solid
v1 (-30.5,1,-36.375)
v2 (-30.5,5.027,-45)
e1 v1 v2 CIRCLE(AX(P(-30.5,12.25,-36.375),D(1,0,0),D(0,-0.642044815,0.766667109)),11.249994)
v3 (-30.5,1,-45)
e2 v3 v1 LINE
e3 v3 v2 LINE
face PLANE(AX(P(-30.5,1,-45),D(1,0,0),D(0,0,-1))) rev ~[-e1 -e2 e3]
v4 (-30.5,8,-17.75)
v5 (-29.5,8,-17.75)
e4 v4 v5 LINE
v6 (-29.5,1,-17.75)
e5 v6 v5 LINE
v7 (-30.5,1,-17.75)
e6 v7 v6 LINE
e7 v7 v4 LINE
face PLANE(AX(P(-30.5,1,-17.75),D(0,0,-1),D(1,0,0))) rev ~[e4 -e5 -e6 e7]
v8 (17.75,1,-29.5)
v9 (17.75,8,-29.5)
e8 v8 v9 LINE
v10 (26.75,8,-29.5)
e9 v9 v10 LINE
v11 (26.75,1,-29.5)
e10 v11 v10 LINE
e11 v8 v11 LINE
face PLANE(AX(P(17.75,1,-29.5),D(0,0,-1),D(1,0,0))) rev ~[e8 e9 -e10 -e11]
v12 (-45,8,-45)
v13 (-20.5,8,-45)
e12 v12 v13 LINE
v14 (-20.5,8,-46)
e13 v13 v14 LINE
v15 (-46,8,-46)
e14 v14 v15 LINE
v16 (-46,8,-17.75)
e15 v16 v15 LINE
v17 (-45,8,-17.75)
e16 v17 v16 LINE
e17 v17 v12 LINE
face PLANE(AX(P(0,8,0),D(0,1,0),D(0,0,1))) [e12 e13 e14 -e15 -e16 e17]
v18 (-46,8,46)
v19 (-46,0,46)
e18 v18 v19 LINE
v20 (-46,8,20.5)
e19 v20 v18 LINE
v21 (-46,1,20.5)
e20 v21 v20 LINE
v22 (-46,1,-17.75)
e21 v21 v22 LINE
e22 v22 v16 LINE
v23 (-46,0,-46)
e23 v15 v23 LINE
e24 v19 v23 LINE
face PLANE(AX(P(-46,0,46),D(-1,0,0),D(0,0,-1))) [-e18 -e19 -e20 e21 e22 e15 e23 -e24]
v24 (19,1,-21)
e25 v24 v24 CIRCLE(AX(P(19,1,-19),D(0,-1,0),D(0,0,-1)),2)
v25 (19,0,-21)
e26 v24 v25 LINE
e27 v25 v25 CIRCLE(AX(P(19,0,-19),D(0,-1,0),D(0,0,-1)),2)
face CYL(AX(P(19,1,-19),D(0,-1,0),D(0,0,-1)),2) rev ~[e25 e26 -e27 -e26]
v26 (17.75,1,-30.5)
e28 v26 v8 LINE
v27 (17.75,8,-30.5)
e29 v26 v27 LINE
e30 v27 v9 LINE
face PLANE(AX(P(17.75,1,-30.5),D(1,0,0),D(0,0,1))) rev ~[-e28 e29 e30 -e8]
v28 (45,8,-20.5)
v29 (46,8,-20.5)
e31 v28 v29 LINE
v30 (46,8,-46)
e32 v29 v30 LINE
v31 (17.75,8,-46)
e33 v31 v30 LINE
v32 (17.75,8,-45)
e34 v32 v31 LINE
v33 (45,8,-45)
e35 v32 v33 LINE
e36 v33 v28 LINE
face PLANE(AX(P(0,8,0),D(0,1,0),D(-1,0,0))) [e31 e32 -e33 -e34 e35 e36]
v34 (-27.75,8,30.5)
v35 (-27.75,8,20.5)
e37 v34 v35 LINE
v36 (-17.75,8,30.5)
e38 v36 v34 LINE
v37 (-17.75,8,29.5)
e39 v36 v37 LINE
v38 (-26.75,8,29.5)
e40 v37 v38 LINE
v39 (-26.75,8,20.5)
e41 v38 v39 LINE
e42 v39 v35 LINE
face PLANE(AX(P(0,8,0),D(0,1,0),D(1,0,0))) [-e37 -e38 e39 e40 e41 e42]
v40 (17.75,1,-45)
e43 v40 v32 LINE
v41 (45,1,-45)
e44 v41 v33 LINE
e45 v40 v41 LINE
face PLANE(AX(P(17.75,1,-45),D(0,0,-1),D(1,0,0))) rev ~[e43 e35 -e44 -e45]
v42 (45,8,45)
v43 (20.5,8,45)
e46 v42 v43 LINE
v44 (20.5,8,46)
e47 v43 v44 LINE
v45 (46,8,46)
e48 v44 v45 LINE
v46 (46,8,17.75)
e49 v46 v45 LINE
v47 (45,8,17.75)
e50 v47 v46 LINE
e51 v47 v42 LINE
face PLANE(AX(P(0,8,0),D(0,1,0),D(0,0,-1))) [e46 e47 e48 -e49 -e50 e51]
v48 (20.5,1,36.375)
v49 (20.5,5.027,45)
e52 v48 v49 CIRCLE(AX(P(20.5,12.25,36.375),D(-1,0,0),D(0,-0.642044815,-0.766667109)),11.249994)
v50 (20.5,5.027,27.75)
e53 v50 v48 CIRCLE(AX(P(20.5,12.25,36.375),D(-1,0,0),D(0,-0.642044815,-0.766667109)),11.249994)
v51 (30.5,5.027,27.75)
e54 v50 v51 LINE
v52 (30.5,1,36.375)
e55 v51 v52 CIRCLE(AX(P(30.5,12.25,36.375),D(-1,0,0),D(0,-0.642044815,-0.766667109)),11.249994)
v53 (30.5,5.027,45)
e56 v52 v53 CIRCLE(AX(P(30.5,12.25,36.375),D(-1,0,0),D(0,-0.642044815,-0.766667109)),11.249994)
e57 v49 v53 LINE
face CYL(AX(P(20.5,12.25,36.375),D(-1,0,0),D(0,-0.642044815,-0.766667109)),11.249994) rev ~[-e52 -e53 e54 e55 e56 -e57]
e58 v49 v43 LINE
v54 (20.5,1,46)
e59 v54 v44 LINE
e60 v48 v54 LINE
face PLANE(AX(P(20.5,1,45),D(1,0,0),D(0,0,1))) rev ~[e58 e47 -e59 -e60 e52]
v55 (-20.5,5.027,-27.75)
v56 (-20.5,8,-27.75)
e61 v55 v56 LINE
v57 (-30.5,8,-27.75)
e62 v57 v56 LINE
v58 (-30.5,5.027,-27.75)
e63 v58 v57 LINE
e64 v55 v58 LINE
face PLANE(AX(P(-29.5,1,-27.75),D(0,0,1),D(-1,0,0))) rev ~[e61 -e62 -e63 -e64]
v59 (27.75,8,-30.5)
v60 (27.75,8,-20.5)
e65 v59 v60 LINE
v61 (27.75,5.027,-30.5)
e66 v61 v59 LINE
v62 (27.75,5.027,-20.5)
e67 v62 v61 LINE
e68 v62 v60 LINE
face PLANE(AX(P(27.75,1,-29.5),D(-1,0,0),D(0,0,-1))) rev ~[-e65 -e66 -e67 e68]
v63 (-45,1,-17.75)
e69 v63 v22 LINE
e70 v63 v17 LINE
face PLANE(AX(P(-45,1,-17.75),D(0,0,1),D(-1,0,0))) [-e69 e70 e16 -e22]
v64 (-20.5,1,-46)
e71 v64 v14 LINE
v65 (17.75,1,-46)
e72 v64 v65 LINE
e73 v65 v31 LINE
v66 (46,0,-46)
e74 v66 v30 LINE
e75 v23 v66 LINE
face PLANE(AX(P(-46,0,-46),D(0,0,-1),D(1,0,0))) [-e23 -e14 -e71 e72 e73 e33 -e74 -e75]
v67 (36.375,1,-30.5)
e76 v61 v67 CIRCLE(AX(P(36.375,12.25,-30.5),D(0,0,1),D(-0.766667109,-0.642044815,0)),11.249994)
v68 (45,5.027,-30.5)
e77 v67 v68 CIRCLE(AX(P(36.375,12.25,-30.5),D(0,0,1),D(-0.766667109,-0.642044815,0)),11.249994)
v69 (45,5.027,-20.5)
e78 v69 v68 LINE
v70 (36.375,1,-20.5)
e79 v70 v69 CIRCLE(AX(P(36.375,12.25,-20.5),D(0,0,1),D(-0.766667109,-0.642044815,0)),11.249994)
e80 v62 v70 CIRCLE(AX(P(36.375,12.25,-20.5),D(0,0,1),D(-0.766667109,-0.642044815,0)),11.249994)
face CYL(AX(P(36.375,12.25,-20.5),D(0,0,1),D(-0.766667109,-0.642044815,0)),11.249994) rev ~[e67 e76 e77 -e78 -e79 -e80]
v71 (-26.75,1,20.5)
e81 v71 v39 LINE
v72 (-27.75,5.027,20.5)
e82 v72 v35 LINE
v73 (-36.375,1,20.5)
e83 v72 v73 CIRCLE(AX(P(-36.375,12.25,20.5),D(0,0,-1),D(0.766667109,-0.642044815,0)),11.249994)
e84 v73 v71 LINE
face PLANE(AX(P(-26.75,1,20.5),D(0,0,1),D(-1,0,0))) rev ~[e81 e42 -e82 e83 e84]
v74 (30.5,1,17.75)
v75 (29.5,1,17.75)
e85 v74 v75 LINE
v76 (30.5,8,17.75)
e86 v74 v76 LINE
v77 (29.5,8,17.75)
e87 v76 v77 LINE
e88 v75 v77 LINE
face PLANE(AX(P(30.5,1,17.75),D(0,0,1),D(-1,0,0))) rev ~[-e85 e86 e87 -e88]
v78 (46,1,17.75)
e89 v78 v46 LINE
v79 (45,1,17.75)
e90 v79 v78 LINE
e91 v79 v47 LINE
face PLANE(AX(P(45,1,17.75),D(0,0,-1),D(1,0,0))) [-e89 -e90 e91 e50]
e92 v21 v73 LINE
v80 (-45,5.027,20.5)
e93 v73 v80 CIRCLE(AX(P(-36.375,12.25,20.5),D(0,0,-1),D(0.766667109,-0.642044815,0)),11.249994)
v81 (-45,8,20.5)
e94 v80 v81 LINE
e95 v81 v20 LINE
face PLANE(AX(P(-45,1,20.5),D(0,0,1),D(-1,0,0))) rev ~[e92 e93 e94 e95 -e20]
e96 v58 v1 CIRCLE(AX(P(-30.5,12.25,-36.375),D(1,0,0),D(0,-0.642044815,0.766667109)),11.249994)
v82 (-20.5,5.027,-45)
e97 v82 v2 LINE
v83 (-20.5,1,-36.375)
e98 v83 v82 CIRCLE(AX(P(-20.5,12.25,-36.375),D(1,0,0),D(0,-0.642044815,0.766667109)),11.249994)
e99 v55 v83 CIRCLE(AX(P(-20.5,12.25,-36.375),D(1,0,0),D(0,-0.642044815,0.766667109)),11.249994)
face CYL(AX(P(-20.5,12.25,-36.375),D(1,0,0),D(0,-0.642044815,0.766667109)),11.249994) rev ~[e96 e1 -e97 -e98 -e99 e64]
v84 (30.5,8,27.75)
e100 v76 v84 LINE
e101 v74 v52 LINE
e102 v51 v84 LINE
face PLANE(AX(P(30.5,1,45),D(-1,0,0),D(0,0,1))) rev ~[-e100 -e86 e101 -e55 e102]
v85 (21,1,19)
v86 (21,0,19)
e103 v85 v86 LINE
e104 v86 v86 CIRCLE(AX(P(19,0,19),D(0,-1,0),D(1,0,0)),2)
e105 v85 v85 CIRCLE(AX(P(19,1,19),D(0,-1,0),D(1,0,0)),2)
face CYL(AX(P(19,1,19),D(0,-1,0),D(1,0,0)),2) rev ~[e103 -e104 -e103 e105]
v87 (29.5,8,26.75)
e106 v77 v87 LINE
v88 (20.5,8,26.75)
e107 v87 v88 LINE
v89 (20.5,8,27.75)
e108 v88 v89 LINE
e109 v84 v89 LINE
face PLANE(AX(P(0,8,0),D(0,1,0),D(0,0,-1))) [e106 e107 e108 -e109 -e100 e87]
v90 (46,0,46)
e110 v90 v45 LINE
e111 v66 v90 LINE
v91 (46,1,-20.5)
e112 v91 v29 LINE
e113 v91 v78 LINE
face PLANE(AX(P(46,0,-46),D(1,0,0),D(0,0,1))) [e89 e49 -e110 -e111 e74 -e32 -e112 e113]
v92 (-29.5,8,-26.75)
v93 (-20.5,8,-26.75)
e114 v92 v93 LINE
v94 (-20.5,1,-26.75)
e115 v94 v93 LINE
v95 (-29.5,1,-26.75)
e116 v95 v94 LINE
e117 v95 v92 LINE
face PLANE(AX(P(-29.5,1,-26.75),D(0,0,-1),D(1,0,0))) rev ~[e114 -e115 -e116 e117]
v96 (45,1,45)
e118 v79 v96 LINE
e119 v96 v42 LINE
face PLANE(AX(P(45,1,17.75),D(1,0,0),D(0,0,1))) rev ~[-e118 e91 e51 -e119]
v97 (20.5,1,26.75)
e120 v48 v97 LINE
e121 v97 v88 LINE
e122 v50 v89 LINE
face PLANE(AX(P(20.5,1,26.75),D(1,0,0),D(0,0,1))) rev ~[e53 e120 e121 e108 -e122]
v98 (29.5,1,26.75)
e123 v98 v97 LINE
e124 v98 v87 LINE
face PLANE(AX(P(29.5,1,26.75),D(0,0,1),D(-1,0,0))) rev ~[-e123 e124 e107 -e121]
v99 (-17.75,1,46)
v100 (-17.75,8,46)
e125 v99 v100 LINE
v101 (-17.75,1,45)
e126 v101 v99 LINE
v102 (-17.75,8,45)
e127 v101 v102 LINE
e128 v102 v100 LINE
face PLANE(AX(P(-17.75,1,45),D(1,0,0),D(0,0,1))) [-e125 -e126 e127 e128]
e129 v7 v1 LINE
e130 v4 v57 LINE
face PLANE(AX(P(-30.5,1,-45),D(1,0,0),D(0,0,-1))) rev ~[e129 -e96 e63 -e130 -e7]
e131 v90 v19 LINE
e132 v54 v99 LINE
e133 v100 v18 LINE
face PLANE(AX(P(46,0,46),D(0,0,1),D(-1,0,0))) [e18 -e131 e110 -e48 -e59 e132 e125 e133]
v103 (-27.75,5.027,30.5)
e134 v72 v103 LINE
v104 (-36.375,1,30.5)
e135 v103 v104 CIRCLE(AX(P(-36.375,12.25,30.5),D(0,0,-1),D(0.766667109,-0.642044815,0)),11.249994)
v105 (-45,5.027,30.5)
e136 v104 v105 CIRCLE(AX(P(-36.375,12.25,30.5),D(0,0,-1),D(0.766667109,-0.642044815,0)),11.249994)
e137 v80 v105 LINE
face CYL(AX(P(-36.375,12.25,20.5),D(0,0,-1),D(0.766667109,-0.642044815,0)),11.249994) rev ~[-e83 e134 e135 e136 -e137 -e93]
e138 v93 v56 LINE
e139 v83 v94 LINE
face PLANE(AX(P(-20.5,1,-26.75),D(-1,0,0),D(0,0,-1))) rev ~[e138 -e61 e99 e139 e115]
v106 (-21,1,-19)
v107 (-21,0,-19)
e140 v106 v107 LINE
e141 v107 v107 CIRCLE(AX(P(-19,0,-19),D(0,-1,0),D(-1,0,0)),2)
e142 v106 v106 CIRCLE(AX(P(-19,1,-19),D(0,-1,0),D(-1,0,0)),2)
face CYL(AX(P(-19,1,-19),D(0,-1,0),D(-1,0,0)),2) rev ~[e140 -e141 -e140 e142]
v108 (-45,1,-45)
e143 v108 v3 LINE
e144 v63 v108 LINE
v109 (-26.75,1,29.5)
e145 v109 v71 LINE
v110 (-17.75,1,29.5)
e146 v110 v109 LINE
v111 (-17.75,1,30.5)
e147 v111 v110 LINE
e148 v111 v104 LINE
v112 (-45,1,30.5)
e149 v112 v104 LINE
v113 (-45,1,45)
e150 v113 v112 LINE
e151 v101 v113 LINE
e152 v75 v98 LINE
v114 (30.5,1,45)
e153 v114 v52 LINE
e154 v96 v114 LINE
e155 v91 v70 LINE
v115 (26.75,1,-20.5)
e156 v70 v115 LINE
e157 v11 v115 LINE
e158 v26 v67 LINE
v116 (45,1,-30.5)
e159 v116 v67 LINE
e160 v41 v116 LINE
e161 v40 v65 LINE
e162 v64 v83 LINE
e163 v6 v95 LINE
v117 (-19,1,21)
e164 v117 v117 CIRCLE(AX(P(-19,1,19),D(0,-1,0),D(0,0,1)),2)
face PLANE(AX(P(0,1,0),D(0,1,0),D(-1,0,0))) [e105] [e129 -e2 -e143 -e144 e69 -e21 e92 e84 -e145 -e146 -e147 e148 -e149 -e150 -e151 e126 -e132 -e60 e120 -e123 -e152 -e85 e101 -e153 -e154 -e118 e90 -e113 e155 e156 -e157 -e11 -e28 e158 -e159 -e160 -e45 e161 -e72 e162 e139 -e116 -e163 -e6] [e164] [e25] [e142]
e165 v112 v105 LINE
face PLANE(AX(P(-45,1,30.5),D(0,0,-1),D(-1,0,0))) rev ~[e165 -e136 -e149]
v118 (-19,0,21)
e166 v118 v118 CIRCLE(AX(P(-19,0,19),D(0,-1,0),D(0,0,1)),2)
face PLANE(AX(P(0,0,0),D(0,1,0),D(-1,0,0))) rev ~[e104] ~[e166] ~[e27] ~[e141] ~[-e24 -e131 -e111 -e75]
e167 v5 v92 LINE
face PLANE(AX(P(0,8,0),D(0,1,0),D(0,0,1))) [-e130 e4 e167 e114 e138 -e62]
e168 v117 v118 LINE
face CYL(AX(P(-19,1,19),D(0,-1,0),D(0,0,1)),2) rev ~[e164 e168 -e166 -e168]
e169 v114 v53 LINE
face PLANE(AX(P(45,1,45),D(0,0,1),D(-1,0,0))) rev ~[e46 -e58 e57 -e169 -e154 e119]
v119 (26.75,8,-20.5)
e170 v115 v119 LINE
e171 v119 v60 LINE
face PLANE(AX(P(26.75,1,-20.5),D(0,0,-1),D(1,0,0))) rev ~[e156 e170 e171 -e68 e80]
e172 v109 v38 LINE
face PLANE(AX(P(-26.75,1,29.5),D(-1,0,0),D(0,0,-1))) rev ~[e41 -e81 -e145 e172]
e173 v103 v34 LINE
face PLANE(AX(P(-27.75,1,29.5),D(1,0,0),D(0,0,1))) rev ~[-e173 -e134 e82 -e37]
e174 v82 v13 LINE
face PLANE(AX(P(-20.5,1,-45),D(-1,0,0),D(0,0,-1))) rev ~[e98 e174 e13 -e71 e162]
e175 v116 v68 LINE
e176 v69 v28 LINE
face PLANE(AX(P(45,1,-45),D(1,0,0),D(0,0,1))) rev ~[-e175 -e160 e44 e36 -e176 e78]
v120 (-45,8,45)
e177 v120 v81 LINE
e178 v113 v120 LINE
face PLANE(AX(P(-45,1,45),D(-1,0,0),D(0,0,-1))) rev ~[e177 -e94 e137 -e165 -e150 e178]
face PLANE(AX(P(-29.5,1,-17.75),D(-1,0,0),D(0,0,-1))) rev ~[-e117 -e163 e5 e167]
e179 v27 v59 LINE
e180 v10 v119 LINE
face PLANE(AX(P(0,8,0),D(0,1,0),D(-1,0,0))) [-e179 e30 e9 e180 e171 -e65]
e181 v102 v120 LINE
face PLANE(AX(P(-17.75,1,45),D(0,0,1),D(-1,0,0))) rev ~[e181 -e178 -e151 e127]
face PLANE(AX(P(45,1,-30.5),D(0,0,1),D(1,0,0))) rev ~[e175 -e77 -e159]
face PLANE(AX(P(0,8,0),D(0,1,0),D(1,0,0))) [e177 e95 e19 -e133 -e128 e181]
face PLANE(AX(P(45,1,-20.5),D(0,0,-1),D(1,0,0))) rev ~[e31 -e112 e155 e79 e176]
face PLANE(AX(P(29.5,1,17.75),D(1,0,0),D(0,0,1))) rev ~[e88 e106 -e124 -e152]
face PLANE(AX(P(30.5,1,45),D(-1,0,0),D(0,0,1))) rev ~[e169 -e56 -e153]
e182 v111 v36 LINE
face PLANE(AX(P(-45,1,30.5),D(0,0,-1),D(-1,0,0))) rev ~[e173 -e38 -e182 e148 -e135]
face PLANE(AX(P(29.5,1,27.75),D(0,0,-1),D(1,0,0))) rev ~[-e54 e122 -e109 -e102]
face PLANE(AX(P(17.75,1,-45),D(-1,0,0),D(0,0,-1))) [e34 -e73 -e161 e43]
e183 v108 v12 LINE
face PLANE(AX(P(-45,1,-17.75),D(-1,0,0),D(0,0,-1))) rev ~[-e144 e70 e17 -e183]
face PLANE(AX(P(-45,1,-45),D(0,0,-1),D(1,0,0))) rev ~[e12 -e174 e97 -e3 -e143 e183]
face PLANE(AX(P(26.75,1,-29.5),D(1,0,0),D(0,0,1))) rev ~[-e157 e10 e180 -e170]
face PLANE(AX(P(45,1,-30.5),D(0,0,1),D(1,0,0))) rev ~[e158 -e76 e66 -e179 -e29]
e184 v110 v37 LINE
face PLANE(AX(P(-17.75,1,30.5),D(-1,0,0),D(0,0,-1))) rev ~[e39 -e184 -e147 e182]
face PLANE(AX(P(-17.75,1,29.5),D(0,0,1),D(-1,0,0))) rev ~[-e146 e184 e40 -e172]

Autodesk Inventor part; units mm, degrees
ref_plane "YZ Plane" through (0, 0, 0) normal (1, 0, 0) x (0, 1, 0)
ref_plane "XZ Plane" through (0, 0, 0) normal (0, 1, 0) x (-1, 0, 0)
ref_plane "XY Plane" through (0, 0, 0) normal (0, 0, 1) x (1, 0, 0)
sketch "Sketch1" plane through (0, 0, 0) normal (0, 1, 0) x (-1, 0, 0)
  line L0 (45, 45) -> (-45, 45)
  line L1 (-45, 45) -> (-45, -45)
  line L2 (-45, -45) -> (45, -45)
  line L3 (45, -45) -> (45, 45)
  line L4 (45, 45) -> (-45, -45) construction
  line L5 (-45, 45) -> (45, -45) construction
  line L6 (-46, 46) -> (46, 46)
  line L7 (46, 46) -> (46, -46)
  line L8 (46, -46) -> (-46, -46)
  line L9 (-46, -46) -> (-46, 46)
  line L10 (-46, 46) -> (46, -46) construction
  line L11 (46, 46) -> (-46, -46) construction
  point P0 (0, 0)
  dimension "d0" = 90
  dimension "d1" = 90
  dimension "d2" = 92
  dimension "d3" = 92
extrude "Extrusion1" add sketch "Sketch1" along normal blind 1 contours L3 L2 L1 L0 | L6 L7 L8 L9
sketch "Sketch2" plane through (0, 1, 0) normal (0, 1, 0) x (1, 0, 0)
  line L0 (-46, -46) -> (46, -46) projected
  line L1 (46, -46) -> (46, 46) projected
  line L2 (46, 46) -> (-46, 46) projected
  line L3 (-46, 46) -> (-46, -46) projected
  line L4 (45, 45) -> (-45, 45)
  line L5 (-45, -20.5) -> (-45, -45)
  line L6 (-45, -45) -> (-17.75, -45)
  line L7 (45, -45) -> (45, 45)
  line L8 (45, 45) -> (-45, -45) construction
  line L9 (-45, 45) -> (45, -45) construction
  line L10 (-27.75, -30.5) -> (-17.75, -30.5)
  line L11 (-17.75, -30.5) -> (-17.75, -29.5)
  line L12 (-17.75, -29.5) -> (-27.75, -29.5)
  line L13 (-27.75, -29.5) -> (-27.75, -30.5)
  line L14 (-27.75, -30.5) -> (-26.75, -30.5)
  line L15 (-26.75, -30.5) -> (-26.75, -20.5)
  line L16 (-26.75, -20.5) -> (-27.75, -20.5)
  line L17 (-27.75, -20.5) -> (-27.75, -30.5)
  line L18 (-17.75, -45) -> (-17.75, -46)
  line L19 (-46, -46) -> (46, -46) projected
  line L20 (-45, -20.5) -> (-46, -20.5)
  point P0 (0, 0)
  dimension "d6" = 90
  dimension "d7" = 90
  dimension "d8" = 1
  dimension "d9" = 1
  dimension "d10" = 10
  dimension "d11" = 10
  dimension "d12" = 14.5
  dimension "d13" = 17.25
sketch "Sketch3" plane through (0, 1, 0) normal (0, 1, 0) x (1, 0, 0)
  line L0 (-27.75, -30.5) -> (-17.75, -30.5) projected
  line L1 (-27.75, -20.5) -> (-27.75, -30.5) projected
  line L2 (-26.75, -30.5) -> (-26.75, -20.5) projected
  line L3 (-17.75, -29.5) -> (-27.75, -29.5) projected
  line L4 (-26.75, -20.5) -> (-27.75, -20.5) projected
  line L5 (-17.75, -45) -> (-17.75, -46) projected
  line L6 (-45, -20.5) -> (-46, -20.5) projected
  line L7 (-46, 46) -> (-46, -46) projected
  line L8 (-45, -20.5) -> (-46, -20.5)
  line L9 (-46, -20.5) -> (-46, -46)
  line L10 (-46, -46) -> (-45, -46)
  line L11 (-45, -46) -> (-45, -20.5)
  line L12 (-46, -46) -> (46, -46) projected
  line L13 (-46, -46) -> (-17.75, -46)
  line L14 (-17.75, -46) -> (-17.75, -45)
  line L15 (-17.75, -45) -> (-46, -45)
  line L16 (-46, -45) -> (-46, -46)
  line L17 (-27.75, -30.5) -> (-17.75, -30.5)
  line L18 (-17.75, -30.5) -> (-17.75, -29.5)
  line L19 (-17.75, -29.5) -> (-27.75, -29.5)
  line L20 (-27.75, -29.5) -> (-27.75, -30.5)
  point P0 (0, 0)
extrude "Extrusion2" add sketch "Sketch3" along normal blind 7
sketch "Sketch4" plane through (-45, 1, 20.5) normal (0, 0, -1) x (-1, 0, 0)
  line L0 (-17.25, 0) -> (-18.25, 0) projected
  line L1 (-17.25, 0) -> (-17.25, 7) projected
  line L2 (-18.25, 7) -> (-17.25, 7) projected
  line L3 (-18.25, 0) -> (-18.25, 7) projected
  line L4 (1, 0) -> (0, 0) projected
  line L5 (1, 0) -> (1, 7) projected
  line L6 (0, 7) -> (1, 7) projected
  line L7 (0, 0) -> (0, 7) projected
  line L8 (0, 0) -> (-27.25, 0) projected
  arc A0 (-17.25, 4.027) -> (0, 4.027) centre (-8.625, 11.25) ccw
  line L9 (-91, 0) -> (1, 0) projected
  line L10 (-17.25, 0) -> (-17.25, 7) projected
  line L11 (-8.625, 0) -> (-17.25, 0)
  line L12 (-17.25, 0) -> (-17.25, 4.027)
  line L13 (0, 0) -> (0, 7) projected
  line L14 (-8.625, 0) -> (0, 0)
  line L15 (0, 0) -> (0, 4.027)
  point P0 (-45, -1)
  dimension "d16" = 22.5
  dimension "d17" = 8.625
extrude "Extrusion3" add sketch "Sketch4" against normal blind 10 contours A0 L7 L8 | L1 A0 L8
sketch "Sketch5" plane through (0, 1, 0) normal (0, 1, 0) x (1, 0, 0)
  line L0 (-17.75, -46) -> (46, -46) projected
  line L1 (-46, -20.5) -> (-46, -46) projected
  point P0 (0, 0)
  point P1 (-19, -19)
  dimension "d23" = 27
  dimension "d24" = 27
hole "Hole1" at (-19, 1, 19) direction (0, -1, 0) diameter 4 end through all
pattern_circular "Circular Pattern2" count 4 over 360 about axis through (0, -10, 0) along (0, 1, 0) of "Extrusion2", "Extrusion3", "Hole1"
properties part number "motor_mount_base1_template"
